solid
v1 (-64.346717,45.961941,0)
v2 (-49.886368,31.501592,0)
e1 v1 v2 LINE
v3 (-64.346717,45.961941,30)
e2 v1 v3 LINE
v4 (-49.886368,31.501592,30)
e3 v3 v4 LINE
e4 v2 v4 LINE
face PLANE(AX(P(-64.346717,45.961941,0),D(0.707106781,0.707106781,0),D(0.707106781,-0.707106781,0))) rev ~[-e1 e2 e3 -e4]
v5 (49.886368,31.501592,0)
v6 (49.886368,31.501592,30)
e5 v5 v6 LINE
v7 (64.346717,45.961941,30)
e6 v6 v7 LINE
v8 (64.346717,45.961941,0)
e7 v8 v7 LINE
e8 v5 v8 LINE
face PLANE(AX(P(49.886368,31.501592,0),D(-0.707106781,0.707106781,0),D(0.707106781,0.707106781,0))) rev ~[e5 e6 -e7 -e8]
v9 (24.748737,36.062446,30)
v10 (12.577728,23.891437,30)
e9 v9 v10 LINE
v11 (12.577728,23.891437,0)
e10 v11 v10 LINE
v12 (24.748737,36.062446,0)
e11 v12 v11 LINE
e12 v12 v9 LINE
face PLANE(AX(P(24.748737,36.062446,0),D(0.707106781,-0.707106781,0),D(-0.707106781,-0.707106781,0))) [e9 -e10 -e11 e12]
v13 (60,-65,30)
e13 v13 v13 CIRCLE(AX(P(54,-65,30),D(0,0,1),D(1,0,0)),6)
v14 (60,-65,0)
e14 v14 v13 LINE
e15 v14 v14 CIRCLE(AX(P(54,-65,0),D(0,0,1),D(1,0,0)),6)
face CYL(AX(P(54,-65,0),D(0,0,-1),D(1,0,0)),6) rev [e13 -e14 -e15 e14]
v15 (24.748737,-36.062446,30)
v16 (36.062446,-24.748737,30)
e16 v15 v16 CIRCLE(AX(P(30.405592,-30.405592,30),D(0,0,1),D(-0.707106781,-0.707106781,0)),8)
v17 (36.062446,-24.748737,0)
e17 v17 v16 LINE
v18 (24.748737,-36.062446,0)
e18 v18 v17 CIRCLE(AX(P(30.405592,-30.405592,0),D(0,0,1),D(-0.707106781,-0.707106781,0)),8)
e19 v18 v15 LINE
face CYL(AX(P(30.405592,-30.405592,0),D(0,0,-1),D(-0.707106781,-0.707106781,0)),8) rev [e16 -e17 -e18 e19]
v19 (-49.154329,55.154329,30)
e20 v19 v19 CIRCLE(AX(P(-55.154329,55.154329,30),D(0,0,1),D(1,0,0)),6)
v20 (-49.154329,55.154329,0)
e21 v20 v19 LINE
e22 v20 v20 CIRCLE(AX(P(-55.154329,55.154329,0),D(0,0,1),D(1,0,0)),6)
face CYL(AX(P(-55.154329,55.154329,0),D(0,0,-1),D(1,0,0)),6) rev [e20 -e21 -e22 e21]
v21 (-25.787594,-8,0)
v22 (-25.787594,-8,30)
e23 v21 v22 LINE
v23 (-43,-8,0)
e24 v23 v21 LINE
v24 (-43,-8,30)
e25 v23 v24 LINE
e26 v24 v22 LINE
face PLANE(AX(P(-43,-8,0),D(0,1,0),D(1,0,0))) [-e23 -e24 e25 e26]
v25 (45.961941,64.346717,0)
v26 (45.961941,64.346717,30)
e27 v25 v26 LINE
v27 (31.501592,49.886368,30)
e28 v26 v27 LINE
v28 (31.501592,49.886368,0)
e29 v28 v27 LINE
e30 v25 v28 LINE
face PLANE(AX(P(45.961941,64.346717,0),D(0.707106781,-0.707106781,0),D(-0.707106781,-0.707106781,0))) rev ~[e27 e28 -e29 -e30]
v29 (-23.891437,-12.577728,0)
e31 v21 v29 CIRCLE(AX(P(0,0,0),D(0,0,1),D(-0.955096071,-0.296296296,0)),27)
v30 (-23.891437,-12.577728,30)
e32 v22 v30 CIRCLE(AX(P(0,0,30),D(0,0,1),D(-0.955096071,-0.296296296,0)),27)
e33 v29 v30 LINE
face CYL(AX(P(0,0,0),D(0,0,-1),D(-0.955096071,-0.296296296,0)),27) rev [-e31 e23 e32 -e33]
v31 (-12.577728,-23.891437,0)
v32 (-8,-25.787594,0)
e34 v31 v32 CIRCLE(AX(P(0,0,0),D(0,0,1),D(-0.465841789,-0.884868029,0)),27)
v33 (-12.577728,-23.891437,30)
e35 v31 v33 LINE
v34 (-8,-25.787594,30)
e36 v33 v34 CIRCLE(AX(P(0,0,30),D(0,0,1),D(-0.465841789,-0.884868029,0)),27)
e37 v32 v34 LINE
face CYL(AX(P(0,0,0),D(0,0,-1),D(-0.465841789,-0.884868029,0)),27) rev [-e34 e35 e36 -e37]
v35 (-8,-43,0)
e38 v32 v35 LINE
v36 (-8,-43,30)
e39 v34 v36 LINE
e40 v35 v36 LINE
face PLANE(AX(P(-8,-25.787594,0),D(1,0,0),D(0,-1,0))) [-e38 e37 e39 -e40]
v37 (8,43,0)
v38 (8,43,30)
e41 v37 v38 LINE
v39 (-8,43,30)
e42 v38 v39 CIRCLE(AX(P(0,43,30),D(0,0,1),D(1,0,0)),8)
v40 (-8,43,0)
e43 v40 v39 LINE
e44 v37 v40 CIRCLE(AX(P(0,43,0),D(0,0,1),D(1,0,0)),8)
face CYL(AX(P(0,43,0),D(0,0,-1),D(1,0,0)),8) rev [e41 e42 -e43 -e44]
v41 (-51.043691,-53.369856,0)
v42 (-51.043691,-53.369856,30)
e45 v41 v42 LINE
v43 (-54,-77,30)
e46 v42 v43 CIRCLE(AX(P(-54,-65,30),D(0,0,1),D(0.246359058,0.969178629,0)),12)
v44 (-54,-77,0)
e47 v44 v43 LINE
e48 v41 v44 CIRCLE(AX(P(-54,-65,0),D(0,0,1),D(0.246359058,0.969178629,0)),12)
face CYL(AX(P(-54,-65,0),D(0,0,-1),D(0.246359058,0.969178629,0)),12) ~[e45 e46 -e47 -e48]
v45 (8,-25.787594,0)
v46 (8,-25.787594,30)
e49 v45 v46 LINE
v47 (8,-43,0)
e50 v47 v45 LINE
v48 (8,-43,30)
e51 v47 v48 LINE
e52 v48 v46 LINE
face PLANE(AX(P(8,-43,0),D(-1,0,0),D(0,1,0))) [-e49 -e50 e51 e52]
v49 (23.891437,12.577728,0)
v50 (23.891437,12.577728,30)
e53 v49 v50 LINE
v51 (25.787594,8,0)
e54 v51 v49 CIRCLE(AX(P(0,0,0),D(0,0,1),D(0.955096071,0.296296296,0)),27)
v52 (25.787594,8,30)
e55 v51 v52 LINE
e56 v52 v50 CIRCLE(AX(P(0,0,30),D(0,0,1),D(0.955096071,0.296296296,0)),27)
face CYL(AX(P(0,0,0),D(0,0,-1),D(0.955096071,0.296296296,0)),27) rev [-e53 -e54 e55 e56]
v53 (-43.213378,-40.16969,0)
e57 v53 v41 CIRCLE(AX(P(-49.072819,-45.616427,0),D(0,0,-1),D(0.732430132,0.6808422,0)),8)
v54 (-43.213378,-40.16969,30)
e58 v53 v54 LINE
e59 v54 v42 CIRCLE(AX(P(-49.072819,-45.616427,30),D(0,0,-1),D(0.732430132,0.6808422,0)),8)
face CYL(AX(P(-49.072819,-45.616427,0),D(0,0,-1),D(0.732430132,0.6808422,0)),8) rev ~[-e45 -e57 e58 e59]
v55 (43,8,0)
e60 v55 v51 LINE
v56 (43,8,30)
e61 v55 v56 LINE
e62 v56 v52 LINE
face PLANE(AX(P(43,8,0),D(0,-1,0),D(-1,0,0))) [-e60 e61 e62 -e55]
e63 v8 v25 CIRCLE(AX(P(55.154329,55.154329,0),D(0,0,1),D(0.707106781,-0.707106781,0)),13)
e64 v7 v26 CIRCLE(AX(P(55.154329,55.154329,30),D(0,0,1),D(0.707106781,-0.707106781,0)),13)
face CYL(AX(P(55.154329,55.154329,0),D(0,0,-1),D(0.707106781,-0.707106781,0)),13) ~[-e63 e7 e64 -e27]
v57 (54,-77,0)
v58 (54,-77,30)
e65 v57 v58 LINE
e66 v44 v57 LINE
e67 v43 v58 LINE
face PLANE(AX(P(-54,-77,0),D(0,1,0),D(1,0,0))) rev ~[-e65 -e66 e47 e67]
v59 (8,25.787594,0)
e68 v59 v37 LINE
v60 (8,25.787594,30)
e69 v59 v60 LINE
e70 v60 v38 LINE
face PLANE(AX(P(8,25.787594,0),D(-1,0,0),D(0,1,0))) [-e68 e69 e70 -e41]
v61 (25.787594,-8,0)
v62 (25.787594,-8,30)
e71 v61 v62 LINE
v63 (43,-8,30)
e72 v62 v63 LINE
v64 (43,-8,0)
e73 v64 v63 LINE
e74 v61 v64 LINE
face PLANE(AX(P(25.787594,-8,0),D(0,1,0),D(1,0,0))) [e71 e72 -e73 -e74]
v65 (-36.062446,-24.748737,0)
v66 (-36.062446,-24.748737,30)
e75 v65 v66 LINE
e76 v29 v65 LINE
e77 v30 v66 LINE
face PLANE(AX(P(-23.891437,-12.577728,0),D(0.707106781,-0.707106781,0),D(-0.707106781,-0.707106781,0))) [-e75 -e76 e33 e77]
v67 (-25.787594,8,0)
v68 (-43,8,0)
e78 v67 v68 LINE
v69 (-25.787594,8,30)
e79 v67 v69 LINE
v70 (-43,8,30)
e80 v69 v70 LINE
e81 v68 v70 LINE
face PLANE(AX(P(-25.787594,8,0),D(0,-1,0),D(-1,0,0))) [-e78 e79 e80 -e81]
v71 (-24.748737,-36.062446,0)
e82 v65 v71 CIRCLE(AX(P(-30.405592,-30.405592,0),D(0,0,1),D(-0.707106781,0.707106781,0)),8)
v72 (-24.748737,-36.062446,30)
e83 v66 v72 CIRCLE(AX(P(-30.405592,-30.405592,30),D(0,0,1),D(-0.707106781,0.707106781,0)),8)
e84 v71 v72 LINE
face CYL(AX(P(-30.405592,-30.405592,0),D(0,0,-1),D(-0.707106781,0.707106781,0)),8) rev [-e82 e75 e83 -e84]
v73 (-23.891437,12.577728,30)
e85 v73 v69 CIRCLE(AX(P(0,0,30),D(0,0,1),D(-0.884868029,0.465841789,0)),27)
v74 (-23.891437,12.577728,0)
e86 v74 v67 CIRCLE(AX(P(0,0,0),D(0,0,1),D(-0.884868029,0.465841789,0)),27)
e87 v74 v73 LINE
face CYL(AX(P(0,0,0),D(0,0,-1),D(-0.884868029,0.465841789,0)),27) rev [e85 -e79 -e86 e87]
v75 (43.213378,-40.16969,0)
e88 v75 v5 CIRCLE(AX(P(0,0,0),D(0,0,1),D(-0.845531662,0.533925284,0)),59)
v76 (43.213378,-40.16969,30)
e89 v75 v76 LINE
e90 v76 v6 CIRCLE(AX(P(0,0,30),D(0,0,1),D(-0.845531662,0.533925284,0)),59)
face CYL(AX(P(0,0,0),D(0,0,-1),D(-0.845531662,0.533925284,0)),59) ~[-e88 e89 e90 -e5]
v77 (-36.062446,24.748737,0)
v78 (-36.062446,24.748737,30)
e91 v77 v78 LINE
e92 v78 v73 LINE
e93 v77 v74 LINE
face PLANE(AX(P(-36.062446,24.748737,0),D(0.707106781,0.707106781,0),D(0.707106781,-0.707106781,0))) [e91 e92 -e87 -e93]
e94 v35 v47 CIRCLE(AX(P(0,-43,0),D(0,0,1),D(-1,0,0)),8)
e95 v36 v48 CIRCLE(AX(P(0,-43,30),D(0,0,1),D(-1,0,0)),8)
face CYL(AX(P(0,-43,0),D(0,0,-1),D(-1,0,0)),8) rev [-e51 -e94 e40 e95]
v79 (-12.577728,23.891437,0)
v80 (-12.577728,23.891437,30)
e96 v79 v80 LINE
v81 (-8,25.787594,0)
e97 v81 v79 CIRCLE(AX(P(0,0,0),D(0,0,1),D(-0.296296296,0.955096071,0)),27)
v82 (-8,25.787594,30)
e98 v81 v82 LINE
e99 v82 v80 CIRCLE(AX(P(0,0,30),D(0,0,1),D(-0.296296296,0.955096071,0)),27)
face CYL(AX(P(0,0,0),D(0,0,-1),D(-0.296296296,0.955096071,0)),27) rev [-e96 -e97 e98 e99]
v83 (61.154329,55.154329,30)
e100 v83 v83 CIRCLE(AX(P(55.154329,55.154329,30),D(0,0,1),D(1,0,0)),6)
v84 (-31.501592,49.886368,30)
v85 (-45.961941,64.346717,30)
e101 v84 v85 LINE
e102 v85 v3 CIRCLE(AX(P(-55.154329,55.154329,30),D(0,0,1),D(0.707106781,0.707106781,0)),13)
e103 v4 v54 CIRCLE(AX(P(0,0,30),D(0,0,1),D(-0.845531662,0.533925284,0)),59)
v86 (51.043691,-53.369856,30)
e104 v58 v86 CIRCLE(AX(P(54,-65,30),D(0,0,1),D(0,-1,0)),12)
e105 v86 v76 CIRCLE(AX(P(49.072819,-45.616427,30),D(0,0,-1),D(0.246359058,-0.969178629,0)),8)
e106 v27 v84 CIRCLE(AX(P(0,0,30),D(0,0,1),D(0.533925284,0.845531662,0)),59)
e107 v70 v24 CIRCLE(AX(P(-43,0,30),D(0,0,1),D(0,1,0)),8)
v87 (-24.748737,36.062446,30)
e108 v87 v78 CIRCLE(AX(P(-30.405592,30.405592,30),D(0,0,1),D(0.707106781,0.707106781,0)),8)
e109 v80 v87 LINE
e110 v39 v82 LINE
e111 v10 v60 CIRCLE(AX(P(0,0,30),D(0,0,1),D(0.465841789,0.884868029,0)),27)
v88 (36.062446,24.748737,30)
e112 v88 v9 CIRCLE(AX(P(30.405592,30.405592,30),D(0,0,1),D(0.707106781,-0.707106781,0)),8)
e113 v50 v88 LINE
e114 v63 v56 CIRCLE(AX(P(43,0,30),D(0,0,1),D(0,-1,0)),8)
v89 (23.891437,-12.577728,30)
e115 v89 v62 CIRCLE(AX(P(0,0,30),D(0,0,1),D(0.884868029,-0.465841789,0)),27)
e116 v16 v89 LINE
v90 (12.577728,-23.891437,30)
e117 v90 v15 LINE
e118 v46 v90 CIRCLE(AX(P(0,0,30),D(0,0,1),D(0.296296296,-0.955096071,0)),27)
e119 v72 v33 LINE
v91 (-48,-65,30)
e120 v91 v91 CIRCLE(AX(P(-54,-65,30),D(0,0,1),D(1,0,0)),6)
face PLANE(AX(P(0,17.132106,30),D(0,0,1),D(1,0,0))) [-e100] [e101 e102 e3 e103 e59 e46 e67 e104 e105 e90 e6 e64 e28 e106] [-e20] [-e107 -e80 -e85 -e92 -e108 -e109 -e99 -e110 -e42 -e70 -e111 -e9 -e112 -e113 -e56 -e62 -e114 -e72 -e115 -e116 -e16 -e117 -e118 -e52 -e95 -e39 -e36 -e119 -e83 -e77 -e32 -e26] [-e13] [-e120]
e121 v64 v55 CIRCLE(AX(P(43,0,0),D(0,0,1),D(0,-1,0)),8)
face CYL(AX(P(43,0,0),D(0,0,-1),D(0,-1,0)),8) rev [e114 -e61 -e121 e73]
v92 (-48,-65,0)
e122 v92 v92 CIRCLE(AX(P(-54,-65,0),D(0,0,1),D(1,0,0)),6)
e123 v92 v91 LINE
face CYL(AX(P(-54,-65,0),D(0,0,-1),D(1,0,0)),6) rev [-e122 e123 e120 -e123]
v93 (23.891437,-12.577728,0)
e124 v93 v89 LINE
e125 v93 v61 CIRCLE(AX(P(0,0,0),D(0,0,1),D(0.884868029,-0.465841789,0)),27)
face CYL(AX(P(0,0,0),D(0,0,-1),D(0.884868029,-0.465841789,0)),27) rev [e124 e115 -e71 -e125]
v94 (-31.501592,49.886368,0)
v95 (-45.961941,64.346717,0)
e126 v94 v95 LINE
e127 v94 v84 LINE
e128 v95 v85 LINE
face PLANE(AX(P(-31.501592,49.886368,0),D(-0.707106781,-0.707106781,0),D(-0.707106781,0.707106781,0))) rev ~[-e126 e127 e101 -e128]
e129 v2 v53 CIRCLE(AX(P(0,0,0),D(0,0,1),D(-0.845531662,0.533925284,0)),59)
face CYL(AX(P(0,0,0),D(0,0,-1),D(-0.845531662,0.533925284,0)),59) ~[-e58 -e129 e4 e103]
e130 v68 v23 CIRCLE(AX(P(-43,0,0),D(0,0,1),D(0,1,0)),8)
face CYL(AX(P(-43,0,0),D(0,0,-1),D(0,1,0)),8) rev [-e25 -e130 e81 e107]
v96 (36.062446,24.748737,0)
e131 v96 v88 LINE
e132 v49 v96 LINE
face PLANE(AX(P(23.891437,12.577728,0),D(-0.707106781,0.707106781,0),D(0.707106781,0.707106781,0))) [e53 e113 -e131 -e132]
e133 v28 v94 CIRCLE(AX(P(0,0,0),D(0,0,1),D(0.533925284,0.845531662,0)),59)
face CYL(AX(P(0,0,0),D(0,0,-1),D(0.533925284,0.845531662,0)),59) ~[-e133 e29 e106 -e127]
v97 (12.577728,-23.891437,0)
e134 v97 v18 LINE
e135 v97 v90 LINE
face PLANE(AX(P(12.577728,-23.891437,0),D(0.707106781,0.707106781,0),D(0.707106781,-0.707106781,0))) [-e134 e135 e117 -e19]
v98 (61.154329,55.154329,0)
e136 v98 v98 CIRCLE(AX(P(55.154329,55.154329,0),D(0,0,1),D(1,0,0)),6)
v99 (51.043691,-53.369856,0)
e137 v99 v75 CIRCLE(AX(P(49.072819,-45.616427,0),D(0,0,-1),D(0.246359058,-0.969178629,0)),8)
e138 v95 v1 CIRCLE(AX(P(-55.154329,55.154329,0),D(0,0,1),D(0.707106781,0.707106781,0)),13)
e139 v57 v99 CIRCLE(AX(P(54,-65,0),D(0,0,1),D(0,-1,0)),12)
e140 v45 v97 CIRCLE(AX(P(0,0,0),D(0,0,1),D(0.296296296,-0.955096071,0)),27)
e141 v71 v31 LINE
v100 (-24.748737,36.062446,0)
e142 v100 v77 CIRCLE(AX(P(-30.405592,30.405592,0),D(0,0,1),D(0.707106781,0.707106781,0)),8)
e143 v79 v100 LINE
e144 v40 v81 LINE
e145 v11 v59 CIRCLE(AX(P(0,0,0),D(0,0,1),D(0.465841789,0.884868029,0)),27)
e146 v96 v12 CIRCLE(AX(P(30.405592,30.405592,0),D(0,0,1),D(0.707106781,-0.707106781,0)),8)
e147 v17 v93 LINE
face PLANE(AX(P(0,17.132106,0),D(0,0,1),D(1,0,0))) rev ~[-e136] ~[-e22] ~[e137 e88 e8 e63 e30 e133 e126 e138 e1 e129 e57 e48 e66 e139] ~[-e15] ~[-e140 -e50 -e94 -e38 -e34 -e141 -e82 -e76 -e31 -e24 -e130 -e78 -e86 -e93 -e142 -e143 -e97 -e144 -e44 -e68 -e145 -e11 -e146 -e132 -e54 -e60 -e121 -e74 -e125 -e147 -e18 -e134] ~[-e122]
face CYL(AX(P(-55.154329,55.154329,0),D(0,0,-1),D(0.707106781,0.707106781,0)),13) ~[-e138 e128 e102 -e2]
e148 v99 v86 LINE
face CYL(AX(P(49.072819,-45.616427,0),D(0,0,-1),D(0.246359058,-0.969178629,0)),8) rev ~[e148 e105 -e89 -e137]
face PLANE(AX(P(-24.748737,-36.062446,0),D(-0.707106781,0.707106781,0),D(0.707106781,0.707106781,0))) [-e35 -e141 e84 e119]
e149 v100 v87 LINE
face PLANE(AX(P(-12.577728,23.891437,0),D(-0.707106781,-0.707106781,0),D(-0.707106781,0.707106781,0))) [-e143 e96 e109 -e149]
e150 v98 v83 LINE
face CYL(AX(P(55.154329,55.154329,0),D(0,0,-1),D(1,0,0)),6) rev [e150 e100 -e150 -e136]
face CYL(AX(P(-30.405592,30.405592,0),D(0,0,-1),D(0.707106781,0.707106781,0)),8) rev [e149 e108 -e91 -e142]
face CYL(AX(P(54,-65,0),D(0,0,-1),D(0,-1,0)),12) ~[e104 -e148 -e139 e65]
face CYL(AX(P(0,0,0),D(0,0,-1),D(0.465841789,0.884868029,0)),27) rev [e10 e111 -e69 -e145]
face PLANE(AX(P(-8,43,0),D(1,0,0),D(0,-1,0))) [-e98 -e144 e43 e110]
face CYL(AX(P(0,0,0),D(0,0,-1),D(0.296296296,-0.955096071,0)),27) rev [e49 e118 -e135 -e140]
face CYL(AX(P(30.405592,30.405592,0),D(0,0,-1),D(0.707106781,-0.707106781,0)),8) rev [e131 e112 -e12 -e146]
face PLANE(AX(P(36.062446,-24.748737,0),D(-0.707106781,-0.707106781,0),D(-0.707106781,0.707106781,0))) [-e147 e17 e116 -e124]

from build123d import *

# Parameters (mm, degrees)
CROQUIS1_R              = 6
SALIENTE_EXTRUIR2_DEPTH = 30


with BuildPart() as part:
    # Croquis1 → Saliente-Extruir2 (new body)
    # profile 1 of 2: a face of its own
    with BuildSketch(Plane.XY):
        with BuildLine():
            Line((45.961940777, 64.346717088), (31.501591743, 49.886368054))
            ThreePointArc((31.501591743, 49.886368054), (0, 59), (-31.501591743, 49.886368054))
            Line((-31.501591743, 49.886368054), (-45.961940777, 64.346717088))
            ThreePointArc((-45.961940777, 64.346717088), (-64.346717088, 64.346717088), (-64.346717088, 45.961940777))
            Line((-64.346717088, 45.961940777), (-49.886368054, 31.501591743))
            ThreePointArc((-49.886368054, 31.501591743), (0, -59), (49.886368054, 31.501591743))
            Line((49.886368054, 31.501591743), (64.346717088, 45.961940777))
            ThreePointArc((64.346717088, 45.961940777), (64.346717088, 64.346717088), (45.961940777, 64.346717088))
        make_face()
        with Locations((55.154328933, 55.154328933)):
            Circle(CROQUIS1_R, mode=Mode.SUBTRACT)
        with Locations((-55.154328933, 55.154328933)):
            Circle(CROQUIS1_R, mode=Mode.SUBTRACT)
        with BuildLine():
            ThreePointArc((12.577728279, 23.891436778), (10.332452674, 24.944747378), (8, 25.787593916))
            Line((8, 25.787593916), (8, 43))
            ThreePointArc((8, 43), (0, 51), (-8, 43))
            Line((-8, 43), (-8, 25.787593916))
            ThreePointArc((-8, 25.787593916), (-10.332452674, 24.944747378), (-12.577728279, 23.891436778))
            Line((-12.577728279, 23.891436778), (-24.748737342, 36.062445841))
            ThreePointArc((-24.748737342, 36.062445841), (-36.062445841, 36.062445841), (-36.062445841, 24.748737342))
            Line((-36.062445841, 24.748737342), (-23.891436778, 12.577728279))
            ThreePointArc((-23.891436778, 12.577728279), (-24.944747378, 10.332452674), (-25.787593916, 8))
            Line((-25.787593916, 8), (-43, 8))
            ThreePointArc((-43, 8), (-51, 0), (-43, -8))
            Line((-43, -8), (-25.787593916, -8))
            ThreePointArc((-25.787593916, -8), (-24.944747378, -10.332452674), (-23.891436778, -12.577728279))
            Line((-23.891436778, -12.577728279), (-36.062445841, -24.748737342))
            ThreePointArc((-36.062445841, -24.748737342), (-36.062445841, -36.062445841), (-24.748737342, -36.062445841))
            Line((-24.748737342, -36.062445841), (-12.577728279, -23.891436778))
            ThreePointArc((-12.577728279, -23.891436778), (-10.332452674, -24.944747378), (-8, -25.787593916))
            Line((-8, -25.787593916), (-8, -43))
            ThreePointArc((-8, -43), (0, -51), (8, -43))
            Line((8, -43), (8, -25.787593916))
            ThreePointArc((8, -25.787593916), (10.332452674, -24.944747378), (12.577728279, -23.891436778))
            Line((12.577728279, -23.891436778), (24.748737342, -36.062445841))
            ThreePointArc((24.748737342, -36.062445841), (36.062445841, -36.062445841), (36.062445841, -24.748737342))
            Line((36.062445841, -24.748737342), (23.891436778, -12.577728279))
            ThreePointArc((23.891436778, -12.577728279), (24.944747378, -10.332452674), (25.787593916, -8))
            Line((25.787593916, -8), (43, -8))
            ThreePointArc((43, -8), (51, 0), (43, 8))
            Line((43, 8), (25.787593916, 8))
            ThreePointArc((25.787593916, 8), (24.944747378, 10.332452674), (23.891436778, 12.577728279))
            Line((23.891436778, 12.577728279), (36.062445841, 24.748737342))
            ThreePointArc((36.062445841, 24.748737342), (36.062445841, 36.062445841), (24.748737342, 36.062445841))
            Line((24.748737342, 36.062445841), (12.577728279, 23.891436778))
        make_face(mode=Mode.SUBTRACT)
    # profile 2 of 2: a face of its own
    with BuildSketch(Plane.XY):
        with BuildLine():
            ThreePointArc((43.213377787, -40.16968982), (0, -59), (-43.213377787, -40.16968982))
            ThreePointArc((-43.213377787, -40.16968982), (-42.192314412, -49.697929449), (-51.043691305, -53.369856454))
            ThreePointArc((-51.043691305, -53.369856454), (-65.907176881, -63.510322611), (-54, -77))
            Line((-54, -77), (-0.009258466, -77))
            Line((-0.009258466, -77), (0.009258466, -77))
            Line((0.009258466, -77), (54, -77))
            ThreePointArc((54, -77), (65.907176881, -63.510322611), (51.043691305, -53.369856454))
            ThreePointArc((51.043691305, -53.369856454), (42.192314412, -49.697929449), (43.213377787, -40.16968982))
        make_face()
        with Locations((-54, -65)):
            Circle(CROQUIS1_R, mode=Mode.SUBTRACT)
        with Locations((54, -65)):
            Circle(CROQUIS1_R, mode=Mode.SUBTRACT)
    extrude(amount=SALIENTE_EXTRUIR2_DEPTH)


solid = part.part
